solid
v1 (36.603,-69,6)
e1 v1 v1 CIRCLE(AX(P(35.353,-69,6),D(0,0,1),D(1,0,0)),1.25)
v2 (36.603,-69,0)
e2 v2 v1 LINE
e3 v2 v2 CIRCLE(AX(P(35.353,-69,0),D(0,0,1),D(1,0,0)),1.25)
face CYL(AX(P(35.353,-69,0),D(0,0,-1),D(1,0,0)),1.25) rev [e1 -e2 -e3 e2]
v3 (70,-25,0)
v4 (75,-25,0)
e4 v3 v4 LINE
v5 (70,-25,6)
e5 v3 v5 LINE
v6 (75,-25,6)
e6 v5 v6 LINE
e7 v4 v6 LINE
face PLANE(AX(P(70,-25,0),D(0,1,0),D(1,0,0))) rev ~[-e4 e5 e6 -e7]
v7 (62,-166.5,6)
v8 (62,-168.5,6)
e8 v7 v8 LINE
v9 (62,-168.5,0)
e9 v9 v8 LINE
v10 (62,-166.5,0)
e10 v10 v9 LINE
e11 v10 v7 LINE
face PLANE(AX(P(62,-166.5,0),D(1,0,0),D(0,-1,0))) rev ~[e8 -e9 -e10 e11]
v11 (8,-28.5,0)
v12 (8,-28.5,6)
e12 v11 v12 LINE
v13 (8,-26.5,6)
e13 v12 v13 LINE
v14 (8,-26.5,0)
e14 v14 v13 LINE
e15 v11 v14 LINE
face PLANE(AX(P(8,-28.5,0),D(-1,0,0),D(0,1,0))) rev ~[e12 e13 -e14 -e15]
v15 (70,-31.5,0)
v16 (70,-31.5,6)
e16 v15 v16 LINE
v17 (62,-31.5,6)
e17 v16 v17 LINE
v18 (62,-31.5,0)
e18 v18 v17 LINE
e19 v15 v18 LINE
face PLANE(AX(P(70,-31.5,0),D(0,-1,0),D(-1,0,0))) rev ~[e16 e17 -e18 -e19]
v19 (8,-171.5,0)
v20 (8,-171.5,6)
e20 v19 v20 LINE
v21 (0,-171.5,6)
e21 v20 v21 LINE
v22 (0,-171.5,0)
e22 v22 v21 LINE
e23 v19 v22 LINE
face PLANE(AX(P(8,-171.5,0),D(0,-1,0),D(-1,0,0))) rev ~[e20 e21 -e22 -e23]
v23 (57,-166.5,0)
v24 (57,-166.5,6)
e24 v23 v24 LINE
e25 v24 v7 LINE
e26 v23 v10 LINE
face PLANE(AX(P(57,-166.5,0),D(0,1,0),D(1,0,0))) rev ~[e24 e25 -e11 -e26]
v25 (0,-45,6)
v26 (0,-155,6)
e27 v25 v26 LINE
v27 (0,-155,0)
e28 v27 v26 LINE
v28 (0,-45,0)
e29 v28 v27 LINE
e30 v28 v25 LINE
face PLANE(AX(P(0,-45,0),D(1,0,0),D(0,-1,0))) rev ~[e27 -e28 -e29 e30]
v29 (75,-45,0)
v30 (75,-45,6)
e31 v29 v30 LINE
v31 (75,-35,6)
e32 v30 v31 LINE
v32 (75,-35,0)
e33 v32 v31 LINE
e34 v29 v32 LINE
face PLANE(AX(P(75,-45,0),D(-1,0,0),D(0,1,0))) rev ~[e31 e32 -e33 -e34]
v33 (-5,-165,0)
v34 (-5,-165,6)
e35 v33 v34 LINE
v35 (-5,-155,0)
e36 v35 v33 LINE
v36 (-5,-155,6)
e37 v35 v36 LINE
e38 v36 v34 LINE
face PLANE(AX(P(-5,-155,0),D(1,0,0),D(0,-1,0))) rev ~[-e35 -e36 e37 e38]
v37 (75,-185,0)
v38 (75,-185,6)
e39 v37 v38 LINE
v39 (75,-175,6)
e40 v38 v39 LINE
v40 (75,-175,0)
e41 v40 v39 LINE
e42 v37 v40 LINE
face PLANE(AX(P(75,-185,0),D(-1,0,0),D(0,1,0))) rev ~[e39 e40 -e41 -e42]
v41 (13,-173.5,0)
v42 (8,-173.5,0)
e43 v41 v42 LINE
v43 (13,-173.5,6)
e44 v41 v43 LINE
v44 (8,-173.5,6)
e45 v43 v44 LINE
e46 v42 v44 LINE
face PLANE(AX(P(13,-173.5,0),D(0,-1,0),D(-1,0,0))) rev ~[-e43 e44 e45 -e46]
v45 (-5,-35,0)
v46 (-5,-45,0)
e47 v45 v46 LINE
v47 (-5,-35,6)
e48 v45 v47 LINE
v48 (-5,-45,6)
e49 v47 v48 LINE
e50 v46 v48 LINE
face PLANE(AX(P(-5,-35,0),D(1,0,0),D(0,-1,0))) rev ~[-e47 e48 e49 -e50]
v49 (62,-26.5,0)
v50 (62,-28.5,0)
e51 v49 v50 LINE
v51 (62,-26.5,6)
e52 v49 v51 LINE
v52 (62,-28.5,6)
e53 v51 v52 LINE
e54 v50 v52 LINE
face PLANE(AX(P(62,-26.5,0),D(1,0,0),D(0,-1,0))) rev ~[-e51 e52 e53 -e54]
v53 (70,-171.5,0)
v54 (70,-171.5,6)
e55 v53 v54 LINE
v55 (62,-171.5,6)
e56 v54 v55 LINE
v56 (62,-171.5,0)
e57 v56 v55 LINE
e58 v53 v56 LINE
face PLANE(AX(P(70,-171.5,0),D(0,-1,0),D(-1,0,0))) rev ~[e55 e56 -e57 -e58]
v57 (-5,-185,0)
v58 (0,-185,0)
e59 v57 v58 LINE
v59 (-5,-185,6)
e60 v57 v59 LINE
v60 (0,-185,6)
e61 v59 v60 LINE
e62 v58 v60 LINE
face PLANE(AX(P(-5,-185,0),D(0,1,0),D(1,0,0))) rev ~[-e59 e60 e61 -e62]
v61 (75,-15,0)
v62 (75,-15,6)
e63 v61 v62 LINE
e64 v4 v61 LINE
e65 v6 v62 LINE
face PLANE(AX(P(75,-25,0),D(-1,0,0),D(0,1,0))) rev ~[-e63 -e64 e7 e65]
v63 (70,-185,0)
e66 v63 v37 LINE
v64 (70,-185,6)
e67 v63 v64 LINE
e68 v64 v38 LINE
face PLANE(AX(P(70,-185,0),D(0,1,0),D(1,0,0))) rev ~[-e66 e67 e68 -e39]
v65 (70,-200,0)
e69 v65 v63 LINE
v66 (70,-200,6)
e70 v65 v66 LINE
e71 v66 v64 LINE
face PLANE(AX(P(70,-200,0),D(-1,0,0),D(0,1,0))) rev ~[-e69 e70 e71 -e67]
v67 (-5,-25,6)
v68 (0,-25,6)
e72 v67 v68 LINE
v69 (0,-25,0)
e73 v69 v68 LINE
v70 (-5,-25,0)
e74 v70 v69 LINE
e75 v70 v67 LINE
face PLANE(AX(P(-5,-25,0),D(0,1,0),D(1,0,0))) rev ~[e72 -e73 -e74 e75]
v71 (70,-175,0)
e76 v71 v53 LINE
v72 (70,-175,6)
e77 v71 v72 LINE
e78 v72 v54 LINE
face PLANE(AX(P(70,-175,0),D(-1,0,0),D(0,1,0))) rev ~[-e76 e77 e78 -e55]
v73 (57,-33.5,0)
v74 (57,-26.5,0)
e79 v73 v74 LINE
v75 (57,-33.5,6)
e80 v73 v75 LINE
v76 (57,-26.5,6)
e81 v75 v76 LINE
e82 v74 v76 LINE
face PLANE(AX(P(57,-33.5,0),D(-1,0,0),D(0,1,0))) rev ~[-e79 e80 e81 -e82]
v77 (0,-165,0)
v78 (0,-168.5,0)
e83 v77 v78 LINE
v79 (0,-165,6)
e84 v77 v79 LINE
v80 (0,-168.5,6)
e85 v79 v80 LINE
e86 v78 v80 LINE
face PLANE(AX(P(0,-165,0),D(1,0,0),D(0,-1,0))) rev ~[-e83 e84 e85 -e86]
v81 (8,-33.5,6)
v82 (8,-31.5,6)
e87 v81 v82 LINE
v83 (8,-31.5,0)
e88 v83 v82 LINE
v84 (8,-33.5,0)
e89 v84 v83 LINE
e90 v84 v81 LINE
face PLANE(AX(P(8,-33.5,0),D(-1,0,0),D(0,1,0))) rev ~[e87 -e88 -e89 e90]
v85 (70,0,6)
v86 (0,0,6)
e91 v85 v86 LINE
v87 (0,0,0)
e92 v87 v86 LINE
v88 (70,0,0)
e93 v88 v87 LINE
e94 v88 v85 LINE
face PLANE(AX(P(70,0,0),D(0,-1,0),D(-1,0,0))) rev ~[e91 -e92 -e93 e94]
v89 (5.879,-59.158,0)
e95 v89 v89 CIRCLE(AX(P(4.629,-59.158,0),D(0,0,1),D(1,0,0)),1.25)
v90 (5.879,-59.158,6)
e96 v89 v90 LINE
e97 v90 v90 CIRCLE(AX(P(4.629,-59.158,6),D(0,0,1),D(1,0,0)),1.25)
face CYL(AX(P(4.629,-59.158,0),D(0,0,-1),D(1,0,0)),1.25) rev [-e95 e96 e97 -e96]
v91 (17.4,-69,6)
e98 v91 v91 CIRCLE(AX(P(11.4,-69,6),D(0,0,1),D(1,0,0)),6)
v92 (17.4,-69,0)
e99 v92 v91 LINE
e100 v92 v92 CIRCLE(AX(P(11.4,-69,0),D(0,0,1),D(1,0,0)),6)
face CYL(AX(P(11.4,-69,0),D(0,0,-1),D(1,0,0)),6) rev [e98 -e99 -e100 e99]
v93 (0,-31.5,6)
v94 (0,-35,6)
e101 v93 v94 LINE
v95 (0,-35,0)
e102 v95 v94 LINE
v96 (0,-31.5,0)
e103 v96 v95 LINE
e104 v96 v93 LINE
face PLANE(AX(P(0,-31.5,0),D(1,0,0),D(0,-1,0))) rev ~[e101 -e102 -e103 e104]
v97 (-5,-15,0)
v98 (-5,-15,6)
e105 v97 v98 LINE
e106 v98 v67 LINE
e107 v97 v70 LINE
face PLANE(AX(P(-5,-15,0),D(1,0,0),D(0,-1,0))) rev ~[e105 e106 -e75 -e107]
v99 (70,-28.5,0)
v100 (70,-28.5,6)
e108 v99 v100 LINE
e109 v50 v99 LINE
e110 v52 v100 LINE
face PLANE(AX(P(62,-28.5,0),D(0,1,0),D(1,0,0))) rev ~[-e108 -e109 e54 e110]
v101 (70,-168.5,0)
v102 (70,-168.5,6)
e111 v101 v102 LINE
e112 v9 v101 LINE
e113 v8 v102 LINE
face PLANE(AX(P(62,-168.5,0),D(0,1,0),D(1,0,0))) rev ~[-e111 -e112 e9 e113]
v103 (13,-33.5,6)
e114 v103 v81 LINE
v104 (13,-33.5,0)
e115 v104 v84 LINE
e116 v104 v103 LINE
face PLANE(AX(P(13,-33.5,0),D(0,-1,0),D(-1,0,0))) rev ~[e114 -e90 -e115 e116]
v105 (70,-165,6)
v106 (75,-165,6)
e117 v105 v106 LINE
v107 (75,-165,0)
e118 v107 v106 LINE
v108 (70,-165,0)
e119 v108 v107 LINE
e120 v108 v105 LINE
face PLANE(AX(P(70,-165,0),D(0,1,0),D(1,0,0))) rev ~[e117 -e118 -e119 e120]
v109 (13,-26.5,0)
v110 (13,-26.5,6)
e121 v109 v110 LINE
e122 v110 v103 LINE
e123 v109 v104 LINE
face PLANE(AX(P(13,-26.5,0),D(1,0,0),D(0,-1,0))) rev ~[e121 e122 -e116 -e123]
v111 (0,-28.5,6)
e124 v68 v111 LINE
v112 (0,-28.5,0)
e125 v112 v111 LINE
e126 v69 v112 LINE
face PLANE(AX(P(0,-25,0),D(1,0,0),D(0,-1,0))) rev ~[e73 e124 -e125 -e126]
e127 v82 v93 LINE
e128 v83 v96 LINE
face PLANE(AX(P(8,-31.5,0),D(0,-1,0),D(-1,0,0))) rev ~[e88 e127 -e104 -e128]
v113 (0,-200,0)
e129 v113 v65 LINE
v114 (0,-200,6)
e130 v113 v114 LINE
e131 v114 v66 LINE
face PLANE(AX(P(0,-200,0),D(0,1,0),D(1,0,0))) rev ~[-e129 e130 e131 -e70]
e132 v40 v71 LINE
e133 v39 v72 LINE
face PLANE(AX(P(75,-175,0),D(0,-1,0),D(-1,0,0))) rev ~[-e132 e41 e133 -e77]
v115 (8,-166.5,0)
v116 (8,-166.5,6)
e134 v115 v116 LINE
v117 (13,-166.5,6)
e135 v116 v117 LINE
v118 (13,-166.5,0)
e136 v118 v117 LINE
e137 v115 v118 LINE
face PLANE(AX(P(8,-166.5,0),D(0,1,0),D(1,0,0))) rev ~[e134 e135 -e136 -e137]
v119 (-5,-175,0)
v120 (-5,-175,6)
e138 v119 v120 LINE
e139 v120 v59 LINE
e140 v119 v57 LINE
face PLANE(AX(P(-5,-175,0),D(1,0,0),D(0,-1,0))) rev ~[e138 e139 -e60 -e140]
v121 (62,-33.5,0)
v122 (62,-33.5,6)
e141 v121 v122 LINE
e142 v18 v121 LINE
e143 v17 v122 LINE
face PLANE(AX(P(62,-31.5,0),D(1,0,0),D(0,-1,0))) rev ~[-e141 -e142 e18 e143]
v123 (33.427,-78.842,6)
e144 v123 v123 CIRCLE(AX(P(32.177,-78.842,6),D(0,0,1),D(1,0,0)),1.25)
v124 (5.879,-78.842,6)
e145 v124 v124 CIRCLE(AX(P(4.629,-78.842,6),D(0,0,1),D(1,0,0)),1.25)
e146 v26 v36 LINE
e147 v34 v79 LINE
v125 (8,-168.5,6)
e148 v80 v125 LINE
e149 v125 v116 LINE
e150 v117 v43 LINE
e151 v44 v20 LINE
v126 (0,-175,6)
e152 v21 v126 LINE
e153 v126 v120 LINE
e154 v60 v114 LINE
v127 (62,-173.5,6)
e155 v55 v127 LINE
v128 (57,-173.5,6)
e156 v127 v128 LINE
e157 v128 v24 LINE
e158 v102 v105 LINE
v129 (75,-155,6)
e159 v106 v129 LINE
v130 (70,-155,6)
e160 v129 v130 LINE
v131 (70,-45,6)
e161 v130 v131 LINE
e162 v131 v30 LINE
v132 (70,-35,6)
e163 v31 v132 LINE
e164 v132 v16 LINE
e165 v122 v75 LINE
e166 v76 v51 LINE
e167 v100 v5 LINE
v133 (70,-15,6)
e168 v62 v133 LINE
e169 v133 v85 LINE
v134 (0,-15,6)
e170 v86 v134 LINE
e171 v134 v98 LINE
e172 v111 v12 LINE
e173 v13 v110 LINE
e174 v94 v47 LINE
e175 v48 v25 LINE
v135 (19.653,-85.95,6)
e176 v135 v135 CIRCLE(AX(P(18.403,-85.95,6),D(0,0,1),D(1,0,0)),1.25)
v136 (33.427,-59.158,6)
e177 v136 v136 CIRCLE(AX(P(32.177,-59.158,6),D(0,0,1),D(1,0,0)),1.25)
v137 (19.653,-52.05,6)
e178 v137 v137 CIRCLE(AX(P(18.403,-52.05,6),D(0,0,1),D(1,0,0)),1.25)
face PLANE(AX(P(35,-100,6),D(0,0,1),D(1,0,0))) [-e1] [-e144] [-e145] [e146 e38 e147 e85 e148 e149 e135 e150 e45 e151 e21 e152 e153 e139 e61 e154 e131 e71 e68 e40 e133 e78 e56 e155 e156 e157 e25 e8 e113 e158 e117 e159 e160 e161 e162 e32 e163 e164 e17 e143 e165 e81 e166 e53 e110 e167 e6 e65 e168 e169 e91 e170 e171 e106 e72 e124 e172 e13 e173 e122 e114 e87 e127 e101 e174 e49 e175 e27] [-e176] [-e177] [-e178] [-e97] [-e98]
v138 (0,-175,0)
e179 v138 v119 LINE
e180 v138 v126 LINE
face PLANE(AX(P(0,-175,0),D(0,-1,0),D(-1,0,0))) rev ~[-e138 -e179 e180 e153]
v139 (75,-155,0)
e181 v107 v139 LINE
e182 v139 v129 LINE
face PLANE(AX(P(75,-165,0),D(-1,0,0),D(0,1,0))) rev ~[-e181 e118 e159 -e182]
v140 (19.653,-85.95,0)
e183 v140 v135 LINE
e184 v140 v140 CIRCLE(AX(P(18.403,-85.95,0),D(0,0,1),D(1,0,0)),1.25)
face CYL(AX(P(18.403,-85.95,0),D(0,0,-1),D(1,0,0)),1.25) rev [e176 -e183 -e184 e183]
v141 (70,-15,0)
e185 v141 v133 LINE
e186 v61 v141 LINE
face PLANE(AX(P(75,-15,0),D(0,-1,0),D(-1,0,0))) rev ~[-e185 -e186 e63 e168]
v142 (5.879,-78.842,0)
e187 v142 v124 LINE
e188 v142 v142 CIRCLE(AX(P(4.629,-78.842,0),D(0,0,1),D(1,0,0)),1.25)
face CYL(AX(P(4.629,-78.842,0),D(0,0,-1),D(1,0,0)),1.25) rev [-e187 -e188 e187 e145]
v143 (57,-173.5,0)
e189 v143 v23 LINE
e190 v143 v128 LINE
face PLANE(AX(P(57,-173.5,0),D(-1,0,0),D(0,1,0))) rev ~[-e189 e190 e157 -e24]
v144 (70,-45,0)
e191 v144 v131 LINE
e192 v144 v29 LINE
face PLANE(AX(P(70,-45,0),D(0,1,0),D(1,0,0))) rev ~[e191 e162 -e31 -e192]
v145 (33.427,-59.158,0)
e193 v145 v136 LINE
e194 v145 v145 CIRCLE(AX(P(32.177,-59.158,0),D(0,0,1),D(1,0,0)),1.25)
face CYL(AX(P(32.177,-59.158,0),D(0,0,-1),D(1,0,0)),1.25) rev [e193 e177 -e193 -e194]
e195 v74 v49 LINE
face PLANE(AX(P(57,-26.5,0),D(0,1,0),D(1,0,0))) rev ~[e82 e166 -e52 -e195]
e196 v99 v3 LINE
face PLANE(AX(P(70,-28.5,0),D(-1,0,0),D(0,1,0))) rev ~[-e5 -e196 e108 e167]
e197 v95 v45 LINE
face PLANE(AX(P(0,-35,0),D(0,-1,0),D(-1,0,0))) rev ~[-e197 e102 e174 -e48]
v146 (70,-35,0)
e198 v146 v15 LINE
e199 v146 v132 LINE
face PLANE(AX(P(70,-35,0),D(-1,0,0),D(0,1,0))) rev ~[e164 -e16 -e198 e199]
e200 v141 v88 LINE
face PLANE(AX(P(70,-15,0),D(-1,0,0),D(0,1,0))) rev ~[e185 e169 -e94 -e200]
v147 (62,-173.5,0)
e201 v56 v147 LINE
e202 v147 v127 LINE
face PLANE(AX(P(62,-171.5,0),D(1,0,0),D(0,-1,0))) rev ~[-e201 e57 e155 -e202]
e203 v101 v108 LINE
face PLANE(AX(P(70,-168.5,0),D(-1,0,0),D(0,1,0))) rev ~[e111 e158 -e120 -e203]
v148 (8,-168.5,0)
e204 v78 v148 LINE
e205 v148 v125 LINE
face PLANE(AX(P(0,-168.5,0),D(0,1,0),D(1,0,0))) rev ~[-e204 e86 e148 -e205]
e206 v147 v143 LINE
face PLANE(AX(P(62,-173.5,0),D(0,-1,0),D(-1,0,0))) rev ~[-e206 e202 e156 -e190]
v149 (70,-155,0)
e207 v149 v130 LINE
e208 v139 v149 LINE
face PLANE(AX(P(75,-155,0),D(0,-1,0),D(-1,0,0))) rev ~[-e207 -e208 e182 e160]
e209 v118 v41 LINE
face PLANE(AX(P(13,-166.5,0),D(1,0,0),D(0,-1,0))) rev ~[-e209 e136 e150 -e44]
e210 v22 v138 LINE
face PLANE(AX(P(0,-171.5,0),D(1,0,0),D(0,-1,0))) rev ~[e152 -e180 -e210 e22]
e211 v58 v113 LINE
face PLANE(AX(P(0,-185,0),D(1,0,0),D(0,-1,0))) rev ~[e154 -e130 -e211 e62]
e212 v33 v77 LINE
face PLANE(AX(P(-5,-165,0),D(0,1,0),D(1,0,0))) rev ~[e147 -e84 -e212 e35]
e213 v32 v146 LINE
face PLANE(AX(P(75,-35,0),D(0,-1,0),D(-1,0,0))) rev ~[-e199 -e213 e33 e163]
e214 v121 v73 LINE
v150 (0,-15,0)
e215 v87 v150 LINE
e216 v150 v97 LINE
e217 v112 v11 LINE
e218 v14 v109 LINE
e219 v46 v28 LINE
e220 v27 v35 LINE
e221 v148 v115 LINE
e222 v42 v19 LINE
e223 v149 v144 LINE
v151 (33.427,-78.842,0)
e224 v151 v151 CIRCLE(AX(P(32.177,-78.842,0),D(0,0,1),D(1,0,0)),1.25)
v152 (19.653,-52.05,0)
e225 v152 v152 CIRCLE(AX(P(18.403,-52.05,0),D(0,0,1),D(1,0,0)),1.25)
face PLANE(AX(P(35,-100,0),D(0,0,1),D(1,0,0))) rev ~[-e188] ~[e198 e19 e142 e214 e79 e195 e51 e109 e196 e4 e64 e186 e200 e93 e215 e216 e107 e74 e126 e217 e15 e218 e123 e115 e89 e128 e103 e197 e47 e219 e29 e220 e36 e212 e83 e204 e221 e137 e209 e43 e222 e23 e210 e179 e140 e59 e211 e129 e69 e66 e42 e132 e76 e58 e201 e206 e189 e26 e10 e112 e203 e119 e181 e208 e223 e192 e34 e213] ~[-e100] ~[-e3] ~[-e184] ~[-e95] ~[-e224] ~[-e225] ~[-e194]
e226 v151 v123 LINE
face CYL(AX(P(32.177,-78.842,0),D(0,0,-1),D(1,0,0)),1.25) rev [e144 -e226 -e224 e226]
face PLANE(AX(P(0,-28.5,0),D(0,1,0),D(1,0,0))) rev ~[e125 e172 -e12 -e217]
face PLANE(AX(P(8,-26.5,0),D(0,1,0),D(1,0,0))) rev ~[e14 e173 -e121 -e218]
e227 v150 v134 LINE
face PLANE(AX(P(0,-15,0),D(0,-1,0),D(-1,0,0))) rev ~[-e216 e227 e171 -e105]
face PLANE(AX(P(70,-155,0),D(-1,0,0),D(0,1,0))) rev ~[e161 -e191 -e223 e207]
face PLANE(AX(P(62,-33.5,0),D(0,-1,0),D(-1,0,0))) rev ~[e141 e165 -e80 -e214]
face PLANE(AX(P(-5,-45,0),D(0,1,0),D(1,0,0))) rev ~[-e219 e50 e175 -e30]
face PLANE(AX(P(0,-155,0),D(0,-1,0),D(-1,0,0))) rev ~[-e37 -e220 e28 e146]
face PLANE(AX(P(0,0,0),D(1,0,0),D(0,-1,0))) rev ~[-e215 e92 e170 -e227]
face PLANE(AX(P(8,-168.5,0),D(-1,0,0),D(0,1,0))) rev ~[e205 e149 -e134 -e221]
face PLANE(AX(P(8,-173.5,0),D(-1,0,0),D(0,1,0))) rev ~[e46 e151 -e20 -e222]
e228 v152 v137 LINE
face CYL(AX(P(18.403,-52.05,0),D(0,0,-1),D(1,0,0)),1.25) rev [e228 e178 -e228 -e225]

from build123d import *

# Parameters (mm, degrees)
MODEL_R                  = 1.25
MODEL_R_2                = 6
RESSALTO_EXTRUS_O1_DEPTH = 6


with BuildPart() as part:
    # Model → Ressalto-extrusão1 (new body)
    with BuildSketch(Plane.XY):
        Polygon((70, -31.5), (62, -31.5), (62, -33.5), (57, -33.5), (57, -26.5), (62, -26.5), (62, -28.5), (70, -28.5), (70, -25), (75, -25), (75, -15), (70, -15), (70, 0), (0, 0), (0, -15), (-5, -15), (-5, -25), (0, -25), (0, -28.5), (8, -28.5), (8, -26.5), (13, -26.5), (13, -33.5), (8, -33.5), (8, -31.5), (0, -31.5), (0, -35), (-5, -35), (-5, -45), (0, -45), (0, -155), (-5, -155), (-5, -165), (0, -165), (0, -168.5), (8, -168.5), (8, -166.5), (13, -166.5), (13, -173.5), (8, -173.5), (8, -171.5), (0, -171.5), (0, -175), (-5, -175), (-5, -185), (0, -185), (0, -200), (70, -200), (70, -185), (75, -185), (75, -175), (70, -175), (70, -171.5), (62, -171.5), (62, -173.5), (57, -173.5), (57, -166.5), (62, -166.5), (62, -168.5), (70, -168.5), (70, -165), (75, -165), (75, -155), (70, -155), (70, -45), (75, -45), (75, -35), (70, -35), align=None)
        with Locations((32.177, -78.842)):
            Circle(MODEL_R, mode=Mode.SUBTRACT)
        with Locations((35.353, -69)):
            Circle(MODEL_R, mode=Mode.SUBTRACT)
        with Locations((32.177, -59.158)):
            Circle(MODEL_R, mode=Mode.SUBTRACT)
        with Locations((18.403, -52.05)):
            Circle(MODEL_R, mode=Mode.SUBTRACT)
        with Locations((4.629, -59.158)):
            Circle(MODEL_R, mode=Mode.SUBTRACT)
        with Locations((4.629, -78.842)):
            Circle(MODEL_R, mode=Mode.SUBTRACT)
        with Locations((18.403, -85.95)):
            Circle(MODEL_R, mode=Mode.SUBTRACT)
        with Locations((11.4, -69)):
            Circle(MODEL_R_2, mode=Mode.SUBTRACT)
    extrude(amount=RESSALTO_EXTRUS_O1_DEPTH)


solid = part.part
